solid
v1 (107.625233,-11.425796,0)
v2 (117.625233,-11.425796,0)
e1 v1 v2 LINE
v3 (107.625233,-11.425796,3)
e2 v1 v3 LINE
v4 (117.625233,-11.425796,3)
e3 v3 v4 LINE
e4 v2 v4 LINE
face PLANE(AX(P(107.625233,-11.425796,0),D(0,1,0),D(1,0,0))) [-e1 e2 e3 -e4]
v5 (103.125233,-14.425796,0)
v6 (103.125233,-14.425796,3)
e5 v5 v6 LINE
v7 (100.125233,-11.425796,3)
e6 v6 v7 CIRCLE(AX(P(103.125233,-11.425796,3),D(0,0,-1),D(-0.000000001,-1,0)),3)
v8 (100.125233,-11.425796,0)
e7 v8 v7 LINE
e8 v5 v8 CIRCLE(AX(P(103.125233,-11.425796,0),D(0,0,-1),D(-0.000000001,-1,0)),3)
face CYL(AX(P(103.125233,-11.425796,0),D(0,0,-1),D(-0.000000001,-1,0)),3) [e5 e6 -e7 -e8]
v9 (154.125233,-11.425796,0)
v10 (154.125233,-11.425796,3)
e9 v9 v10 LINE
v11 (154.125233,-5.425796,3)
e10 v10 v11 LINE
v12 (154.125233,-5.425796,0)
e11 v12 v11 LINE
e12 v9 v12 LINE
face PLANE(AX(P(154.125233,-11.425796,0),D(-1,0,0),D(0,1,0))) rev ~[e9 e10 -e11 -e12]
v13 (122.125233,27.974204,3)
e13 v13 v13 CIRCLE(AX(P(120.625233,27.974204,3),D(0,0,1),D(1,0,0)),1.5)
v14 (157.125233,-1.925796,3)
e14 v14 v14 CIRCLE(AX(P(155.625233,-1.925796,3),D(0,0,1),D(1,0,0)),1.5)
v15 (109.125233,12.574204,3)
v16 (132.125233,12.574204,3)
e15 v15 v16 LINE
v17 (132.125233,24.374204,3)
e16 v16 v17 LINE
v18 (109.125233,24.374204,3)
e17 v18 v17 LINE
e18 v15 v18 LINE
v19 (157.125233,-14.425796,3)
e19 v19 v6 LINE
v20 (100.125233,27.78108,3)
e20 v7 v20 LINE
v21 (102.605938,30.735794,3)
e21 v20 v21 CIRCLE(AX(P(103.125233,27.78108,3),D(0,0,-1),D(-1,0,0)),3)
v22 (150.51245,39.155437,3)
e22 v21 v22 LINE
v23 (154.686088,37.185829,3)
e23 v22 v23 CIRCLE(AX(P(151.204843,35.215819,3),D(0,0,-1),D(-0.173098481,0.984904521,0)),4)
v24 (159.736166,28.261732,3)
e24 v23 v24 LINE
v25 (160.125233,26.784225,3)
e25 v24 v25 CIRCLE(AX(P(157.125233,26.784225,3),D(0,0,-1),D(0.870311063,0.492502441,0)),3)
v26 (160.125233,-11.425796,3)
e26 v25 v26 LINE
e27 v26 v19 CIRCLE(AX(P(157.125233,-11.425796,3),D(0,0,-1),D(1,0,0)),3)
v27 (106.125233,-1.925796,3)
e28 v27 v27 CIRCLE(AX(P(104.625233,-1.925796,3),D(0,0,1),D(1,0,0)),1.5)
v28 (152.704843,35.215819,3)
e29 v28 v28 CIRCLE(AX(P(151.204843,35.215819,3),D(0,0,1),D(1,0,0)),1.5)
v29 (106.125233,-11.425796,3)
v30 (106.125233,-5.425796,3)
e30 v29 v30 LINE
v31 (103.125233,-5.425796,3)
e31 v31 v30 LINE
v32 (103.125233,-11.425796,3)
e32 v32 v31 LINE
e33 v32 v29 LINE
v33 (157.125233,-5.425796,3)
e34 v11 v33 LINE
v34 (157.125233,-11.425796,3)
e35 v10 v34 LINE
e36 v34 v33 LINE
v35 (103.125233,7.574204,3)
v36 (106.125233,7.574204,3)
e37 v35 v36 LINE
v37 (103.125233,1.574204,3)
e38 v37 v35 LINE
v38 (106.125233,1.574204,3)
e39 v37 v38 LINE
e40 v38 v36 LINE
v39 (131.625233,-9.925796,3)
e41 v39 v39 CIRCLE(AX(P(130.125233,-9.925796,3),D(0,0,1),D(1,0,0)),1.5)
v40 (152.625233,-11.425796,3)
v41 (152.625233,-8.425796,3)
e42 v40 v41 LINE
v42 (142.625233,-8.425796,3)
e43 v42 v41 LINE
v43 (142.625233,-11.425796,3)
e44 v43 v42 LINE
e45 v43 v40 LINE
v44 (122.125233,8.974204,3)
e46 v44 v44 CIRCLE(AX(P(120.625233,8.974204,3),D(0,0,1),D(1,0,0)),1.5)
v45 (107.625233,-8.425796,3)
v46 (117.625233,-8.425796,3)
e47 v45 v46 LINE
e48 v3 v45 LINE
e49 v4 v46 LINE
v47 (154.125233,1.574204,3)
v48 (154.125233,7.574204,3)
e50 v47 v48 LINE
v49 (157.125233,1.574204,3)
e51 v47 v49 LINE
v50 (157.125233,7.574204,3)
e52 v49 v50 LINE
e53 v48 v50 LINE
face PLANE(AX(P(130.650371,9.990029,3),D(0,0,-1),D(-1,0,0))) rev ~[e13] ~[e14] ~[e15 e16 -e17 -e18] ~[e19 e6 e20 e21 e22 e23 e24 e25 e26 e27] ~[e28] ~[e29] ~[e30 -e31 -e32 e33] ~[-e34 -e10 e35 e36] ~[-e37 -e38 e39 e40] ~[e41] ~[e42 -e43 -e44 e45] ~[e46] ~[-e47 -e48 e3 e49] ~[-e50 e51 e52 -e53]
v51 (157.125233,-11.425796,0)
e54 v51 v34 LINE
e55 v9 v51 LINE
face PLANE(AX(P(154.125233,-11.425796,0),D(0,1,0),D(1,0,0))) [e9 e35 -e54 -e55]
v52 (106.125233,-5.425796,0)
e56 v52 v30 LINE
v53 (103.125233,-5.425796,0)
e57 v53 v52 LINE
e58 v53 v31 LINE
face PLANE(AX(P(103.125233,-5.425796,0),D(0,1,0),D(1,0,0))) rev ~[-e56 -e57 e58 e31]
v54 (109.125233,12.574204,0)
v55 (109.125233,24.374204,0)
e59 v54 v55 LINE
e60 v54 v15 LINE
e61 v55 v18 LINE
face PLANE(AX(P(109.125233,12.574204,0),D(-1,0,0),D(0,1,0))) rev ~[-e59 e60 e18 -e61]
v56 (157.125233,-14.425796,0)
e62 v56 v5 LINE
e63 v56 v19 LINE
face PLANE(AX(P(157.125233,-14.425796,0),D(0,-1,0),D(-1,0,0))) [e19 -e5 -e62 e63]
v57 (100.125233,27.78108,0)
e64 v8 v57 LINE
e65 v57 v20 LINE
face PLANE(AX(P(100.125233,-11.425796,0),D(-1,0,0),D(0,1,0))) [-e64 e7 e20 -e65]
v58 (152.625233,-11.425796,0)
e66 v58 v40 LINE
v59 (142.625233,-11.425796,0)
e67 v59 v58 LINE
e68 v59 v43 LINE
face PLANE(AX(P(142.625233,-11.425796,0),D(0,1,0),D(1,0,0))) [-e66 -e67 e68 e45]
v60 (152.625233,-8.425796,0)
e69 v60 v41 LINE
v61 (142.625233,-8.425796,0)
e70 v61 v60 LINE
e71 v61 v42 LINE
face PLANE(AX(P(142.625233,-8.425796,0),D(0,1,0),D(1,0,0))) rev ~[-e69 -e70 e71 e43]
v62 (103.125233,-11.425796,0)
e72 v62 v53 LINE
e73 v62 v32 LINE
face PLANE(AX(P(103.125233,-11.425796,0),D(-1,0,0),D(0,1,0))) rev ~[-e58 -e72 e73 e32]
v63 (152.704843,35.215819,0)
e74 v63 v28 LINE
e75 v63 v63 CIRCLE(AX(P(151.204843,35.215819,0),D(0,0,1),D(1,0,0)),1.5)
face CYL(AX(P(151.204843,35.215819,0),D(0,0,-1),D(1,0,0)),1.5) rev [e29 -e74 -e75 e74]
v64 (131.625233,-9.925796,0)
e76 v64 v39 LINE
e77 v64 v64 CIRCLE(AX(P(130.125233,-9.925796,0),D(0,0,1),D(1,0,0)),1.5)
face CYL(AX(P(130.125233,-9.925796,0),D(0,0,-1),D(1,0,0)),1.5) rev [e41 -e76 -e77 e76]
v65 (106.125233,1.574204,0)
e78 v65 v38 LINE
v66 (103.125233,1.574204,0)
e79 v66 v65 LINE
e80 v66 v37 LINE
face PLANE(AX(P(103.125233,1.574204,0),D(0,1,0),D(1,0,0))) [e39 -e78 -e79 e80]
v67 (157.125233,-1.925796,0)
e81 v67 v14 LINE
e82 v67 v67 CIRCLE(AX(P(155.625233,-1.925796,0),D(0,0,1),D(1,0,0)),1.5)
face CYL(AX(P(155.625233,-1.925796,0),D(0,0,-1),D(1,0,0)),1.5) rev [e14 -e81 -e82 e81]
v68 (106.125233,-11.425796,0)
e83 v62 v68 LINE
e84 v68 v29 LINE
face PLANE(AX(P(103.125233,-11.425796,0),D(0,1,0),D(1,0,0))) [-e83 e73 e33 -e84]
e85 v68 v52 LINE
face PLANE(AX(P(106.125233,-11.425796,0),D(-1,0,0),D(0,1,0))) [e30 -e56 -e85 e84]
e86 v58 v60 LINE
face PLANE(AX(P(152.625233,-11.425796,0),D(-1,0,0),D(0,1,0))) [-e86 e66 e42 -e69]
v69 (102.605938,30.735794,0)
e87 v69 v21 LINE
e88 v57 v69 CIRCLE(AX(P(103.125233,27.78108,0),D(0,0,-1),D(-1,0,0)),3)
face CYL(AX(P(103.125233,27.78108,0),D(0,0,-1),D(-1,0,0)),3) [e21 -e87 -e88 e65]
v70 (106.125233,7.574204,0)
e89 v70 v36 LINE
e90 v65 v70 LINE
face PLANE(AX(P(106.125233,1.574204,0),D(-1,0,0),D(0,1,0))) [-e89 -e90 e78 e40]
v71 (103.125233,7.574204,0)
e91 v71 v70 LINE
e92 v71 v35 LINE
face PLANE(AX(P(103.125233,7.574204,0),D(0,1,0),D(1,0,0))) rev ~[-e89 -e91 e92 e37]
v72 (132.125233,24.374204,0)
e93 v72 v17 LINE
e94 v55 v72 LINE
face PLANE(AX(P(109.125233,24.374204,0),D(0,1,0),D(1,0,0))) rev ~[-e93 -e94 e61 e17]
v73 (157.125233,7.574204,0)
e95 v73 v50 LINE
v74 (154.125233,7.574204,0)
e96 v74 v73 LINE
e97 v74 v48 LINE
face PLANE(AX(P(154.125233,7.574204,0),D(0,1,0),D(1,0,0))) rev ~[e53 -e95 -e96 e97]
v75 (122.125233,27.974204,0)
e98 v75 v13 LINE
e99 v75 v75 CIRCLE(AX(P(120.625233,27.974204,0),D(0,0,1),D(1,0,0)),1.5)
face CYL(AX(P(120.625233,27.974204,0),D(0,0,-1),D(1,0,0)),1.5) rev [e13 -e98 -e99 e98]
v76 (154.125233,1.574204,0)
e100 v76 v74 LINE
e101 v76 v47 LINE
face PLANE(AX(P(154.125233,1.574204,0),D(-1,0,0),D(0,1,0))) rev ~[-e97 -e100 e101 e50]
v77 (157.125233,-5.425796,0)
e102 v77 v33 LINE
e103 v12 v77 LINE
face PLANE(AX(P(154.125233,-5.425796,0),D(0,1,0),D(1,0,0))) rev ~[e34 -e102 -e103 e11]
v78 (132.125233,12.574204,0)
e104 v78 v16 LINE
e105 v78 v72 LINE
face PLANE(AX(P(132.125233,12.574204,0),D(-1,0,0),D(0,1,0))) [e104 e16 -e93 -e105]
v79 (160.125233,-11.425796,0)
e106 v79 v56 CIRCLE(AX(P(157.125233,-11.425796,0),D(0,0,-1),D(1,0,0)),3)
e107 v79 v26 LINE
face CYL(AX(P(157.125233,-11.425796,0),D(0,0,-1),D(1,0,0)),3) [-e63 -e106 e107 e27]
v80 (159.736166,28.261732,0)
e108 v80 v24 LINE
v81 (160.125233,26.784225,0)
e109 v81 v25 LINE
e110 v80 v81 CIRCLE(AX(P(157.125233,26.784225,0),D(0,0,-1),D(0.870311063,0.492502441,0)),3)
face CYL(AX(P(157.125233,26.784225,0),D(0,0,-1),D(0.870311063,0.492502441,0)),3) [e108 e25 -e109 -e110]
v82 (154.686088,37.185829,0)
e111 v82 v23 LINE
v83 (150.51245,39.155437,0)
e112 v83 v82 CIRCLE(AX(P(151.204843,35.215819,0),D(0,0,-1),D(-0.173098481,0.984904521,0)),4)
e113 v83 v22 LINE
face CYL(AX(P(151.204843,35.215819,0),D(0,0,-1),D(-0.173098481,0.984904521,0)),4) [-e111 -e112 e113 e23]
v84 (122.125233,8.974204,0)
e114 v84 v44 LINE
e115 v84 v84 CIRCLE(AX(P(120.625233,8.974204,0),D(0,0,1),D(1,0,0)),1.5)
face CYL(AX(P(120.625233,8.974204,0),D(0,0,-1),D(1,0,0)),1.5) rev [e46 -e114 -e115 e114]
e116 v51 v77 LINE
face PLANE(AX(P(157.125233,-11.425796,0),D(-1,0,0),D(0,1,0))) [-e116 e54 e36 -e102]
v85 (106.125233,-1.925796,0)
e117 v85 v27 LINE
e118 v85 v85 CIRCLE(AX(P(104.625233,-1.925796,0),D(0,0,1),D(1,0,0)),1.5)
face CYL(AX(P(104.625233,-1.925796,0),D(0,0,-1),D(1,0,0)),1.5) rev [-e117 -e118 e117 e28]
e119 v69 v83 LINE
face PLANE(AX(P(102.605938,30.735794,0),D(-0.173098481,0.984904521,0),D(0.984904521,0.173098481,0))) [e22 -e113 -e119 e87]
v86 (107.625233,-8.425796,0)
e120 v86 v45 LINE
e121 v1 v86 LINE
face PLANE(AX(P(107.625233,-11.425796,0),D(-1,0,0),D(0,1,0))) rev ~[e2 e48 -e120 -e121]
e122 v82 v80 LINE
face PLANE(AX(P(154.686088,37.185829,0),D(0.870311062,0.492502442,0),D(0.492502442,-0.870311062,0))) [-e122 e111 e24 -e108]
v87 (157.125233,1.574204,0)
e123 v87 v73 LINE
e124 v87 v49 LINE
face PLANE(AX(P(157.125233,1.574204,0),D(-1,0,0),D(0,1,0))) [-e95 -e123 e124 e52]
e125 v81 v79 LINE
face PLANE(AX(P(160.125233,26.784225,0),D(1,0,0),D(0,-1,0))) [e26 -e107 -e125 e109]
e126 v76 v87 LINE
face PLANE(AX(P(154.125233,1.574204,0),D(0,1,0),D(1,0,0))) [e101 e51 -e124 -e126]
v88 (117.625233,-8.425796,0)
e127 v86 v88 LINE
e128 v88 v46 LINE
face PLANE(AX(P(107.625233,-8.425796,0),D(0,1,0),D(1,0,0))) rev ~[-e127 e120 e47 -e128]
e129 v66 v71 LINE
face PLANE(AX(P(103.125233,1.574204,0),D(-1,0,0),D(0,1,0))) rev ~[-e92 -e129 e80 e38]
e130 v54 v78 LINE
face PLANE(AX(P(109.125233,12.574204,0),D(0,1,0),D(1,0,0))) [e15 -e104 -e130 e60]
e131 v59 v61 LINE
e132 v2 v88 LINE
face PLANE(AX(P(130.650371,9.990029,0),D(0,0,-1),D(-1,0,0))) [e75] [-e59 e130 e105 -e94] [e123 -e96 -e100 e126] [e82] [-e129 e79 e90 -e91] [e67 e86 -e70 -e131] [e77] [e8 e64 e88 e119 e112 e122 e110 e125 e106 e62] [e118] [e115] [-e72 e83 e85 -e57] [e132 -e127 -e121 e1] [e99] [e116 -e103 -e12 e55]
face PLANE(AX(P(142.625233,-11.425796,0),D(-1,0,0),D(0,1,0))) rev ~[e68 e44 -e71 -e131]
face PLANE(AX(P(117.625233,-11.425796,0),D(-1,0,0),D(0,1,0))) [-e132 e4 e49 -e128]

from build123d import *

# Parameters (mm, degrees)
ESQUISSE13_R        = 1.5
ESQUISSE13_W        = 3
ESQUISSE13_H        = 6
ESQUISSE13_W_2      = 10
ESQUISSE13_H_2      = 3
ESQUISSE13_W_3      = 23
ESQUISSE13_H_3      = 11.8
BOSS_EXTRU_13_DEPTH = 3


with BuildPart() as part:
    # Esquisse13 → Boss.-Extru.13 (new body)
    with BuildSketch(Plane.XY):
        with BuildLine():
            Line((157.12523298, -14.425795559), (103.12523298, -14.425795559))
            ThreePointArc((103.12523298, -14.425795559), (101.003912637, -13.547115902), (100.12523298, -11.425795559))
            Line((100.12523298, -11.425795559), (100.12523298, 27.781080254))
            ThreePointArc((100.12523298, 27.781080254), (100.827637897, 29.710084358), (102.605937537, 30.735793817))
            Line((102.605937537, 30.735793817), (150.512449504, 39.155436821))
            ThreePointArc((150.512449504, 39.155436821), (152.911964034, 38.833240365), (154.686087677, 37.185828505))
            Line((154.686087677, 37.185828505), (159.736166166, 28.261732306))
            ThreePointArc((159.736166166, 28.261732306), (160.02633618, 27.548162294), (160.12523298, 26.784224979))
            Line((160.12523298, 26.784224979), (160.12523298, -11.425795559))
            ThreePointArc((160.12523298, -11.425795559), (159.246553324, -13.547115902), (157.12523298, -14.425795559))
        make_face()
        with Locations((151.204843429, 35.215818737)):
            Circle(ESQUISSE13_R, mode=Mode.SUBTRACT)
        with Locations((130.12523298, -9.925795559)):
            Circle(ESQUISSE13_R, mode=Mode.SUBTRACT)
        with Locations((120.62523298, 8.974204441)):
            Circle(ESQUISSE13_R, mode=Mode.SUBTRACT)
        with Locations((120.62523298, 27.974204441)):
            Circle(ESQUISSE13_R, mode=Mode.SUBTRACT)
        with Locations((155.62523298, -1.925795559)):
            Circle(ESQUISSE13_R, mode=Mode.SUBTRACT)
        with Locations((104.62523298, -1.925795559)):
            Circle(ESQUISSE13_R, mode=Mode.SUBTRACT)
        with Locations((104.62523298, -8.425795559)):
            Rectangle(ESQUISSE13_W, ESQUISSE13_H, mode=Mode.SUBTRACT)
        with Locations((112.62523298, -9.925795559)):
            Rectangle(ESQUISSE13_W_2, ESQUISSE13_H_2, mode=Mode.SUBTRACT)
        with Locations((155.62523298, -8.425795559)):
            Rectangle(ESQUISSE13_W, ESQUISSE13_H, mode=Mode.SUBTRACT)
        with Locations((147.62523298, -9.925795559)):
            Rectangle(ESQUISSE13_W_2, ESQUISSE13_H_2, mode=Mode.SUBTRACT)
        with Locations((104.62523298, 4.574204441)):
            Rectangle(ESQUISSE13_W, ESQUISSE13_H, mode=Mode.SUBTRACT)
        with Locations((155.62523298, 4.574204441)):
            Rectangle(ESQUISSE13_W, ESQUISSE13_H, mode=Mode.SUBTRACT)
        with Locations((120.62523298, 18.474204441)):
            Rectangle(ESQUISSE13_W_3, ESQUISSE13_H_3, mode=Mode.SUBTRACT)
    extrude(amount=BOSS_EXTRU_13_DEPTH)


solid = part.part
